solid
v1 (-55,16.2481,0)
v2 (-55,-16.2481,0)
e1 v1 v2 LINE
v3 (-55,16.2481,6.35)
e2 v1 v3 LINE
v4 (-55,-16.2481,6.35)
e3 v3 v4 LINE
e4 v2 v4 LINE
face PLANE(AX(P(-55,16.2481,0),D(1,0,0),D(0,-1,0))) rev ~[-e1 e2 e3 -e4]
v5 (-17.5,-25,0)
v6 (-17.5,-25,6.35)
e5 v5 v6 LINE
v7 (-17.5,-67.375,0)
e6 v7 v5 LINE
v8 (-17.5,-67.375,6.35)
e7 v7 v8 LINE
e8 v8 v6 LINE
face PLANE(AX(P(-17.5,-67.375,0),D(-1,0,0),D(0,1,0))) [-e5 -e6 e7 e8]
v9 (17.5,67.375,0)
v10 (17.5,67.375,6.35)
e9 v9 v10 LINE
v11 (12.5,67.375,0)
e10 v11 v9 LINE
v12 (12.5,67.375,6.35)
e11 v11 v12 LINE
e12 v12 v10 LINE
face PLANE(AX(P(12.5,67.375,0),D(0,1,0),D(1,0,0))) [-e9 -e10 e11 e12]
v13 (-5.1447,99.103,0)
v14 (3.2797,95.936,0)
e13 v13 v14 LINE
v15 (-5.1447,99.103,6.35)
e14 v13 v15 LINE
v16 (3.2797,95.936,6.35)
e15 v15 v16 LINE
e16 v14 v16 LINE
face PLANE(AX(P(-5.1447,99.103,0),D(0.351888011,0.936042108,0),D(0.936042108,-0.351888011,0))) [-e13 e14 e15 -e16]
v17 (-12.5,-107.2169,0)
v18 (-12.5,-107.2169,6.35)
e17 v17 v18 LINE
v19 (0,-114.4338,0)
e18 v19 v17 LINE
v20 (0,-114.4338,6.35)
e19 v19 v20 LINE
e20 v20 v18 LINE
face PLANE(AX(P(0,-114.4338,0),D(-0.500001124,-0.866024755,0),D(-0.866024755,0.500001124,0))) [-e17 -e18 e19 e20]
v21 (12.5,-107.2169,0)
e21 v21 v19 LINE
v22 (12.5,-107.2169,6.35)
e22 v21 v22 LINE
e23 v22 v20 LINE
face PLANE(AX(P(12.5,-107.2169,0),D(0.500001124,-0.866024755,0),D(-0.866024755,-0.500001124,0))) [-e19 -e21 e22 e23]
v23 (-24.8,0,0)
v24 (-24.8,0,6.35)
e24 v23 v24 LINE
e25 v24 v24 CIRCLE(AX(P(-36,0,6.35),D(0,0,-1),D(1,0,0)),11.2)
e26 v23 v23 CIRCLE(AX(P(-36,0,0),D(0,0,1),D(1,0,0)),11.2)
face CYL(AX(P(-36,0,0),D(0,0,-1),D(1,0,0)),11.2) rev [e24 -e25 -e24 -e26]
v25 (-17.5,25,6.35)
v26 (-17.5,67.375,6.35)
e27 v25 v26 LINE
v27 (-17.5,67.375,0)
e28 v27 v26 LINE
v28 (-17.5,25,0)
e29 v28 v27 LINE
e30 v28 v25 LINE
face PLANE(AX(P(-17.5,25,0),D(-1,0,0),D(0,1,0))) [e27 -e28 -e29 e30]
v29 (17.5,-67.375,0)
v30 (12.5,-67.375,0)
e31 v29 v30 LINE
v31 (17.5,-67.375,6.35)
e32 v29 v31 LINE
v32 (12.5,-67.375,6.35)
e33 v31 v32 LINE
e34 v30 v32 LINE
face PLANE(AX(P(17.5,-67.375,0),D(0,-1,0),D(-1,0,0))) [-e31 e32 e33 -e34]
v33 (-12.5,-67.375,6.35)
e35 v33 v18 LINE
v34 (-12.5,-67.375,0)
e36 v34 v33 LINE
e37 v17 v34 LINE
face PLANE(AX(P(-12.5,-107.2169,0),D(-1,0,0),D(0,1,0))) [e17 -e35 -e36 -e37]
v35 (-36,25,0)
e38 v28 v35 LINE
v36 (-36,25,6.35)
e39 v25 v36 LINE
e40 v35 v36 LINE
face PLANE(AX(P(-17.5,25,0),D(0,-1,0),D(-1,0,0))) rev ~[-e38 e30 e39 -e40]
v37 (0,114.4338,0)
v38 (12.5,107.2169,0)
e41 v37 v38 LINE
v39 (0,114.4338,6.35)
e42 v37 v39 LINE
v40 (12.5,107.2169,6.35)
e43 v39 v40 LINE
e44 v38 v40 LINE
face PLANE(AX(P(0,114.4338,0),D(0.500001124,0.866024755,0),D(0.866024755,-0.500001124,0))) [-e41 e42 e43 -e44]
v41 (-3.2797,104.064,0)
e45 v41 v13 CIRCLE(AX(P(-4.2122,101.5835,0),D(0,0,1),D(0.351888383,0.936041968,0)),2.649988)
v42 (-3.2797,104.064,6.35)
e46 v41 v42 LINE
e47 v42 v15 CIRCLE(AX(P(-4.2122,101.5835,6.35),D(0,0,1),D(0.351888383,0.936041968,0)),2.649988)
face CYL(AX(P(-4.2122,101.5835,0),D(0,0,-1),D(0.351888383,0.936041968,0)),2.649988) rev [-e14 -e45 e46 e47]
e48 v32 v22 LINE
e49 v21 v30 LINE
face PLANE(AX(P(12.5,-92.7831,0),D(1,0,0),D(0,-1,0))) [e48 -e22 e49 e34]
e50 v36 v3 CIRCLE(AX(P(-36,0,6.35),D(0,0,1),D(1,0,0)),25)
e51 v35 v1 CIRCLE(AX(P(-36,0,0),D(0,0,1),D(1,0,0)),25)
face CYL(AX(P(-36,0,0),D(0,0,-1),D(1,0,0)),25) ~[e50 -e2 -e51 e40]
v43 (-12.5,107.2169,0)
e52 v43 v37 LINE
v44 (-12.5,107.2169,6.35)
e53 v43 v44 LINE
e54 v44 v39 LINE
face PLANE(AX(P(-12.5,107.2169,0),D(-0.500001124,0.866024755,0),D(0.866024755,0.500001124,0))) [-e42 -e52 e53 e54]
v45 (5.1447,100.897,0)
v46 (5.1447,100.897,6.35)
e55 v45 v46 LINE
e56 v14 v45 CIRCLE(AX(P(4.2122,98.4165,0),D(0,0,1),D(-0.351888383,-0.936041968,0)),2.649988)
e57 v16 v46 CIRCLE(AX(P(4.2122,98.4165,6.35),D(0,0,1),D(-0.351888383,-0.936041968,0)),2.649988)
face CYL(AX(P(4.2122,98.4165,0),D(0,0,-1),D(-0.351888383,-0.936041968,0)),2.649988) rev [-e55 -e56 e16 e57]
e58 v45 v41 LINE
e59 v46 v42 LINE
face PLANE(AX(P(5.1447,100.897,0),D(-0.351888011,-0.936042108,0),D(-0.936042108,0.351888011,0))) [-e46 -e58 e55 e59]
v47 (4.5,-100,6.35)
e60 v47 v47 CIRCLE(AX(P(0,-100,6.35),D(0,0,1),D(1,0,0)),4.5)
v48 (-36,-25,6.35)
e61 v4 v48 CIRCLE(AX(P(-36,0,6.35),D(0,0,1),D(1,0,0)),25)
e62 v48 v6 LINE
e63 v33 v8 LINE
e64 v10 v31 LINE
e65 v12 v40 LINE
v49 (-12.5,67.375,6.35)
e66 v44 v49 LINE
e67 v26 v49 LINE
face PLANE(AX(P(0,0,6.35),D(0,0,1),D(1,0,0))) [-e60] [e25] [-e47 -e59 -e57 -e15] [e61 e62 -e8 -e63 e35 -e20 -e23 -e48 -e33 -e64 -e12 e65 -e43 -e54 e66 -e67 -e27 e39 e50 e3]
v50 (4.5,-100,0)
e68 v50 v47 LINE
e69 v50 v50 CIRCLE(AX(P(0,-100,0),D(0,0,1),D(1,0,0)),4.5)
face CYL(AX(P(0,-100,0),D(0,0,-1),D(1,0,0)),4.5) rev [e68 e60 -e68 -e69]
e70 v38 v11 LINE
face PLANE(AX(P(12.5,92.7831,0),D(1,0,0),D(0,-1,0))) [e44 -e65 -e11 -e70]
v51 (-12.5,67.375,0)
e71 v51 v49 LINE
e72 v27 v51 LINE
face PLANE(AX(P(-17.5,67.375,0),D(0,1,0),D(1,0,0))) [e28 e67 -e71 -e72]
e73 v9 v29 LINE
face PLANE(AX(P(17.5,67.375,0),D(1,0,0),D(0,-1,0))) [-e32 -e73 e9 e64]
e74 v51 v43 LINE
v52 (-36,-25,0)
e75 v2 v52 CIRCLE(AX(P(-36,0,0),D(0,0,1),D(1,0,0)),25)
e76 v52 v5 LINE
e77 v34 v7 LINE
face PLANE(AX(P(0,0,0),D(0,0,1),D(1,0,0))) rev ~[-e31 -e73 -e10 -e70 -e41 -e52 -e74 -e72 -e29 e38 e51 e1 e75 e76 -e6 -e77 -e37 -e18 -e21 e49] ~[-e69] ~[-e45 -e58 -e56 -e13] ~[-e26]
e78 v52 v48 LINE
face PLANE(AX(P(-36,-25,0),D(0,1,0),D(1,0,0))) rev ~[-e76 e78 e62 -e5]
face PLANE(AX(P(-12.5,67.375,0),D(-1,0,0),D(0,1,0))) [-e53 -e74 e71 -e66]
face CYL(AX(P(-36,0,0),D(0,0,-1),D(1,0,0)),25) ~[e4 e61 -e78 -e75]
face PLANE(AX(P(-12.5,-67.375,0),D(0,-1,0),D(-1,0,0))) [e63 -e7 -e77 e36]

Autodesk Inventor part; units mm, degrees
ref_plane "YZ Plane" through (0, 0, 0) normal (1, 0, 0) x (0, 1, 0)
ref_plane "XZ Plane" through (0, 0, 0) normal (0, 1, 0) x (-1, 0, 0)
ref_plane "XY Plane" through (0, 0, 0) normal (0, 0, 1) x (1, 0, 0)
sketch "Sketch1" plane through (0, 0, 0) normal (0, 0, 1) x (1, 0, 0)
  line L0 (12.5, -107.2169) -> (-12.5, -107.2169)
  line L1 (-12.5, -107.2169) -> (-12.5, 107.2169)
  line L2 (-12.5, 107.2169) -> (12.5, 107.2169)
  line L3 (12.5, 107.2169) -> (12.5, -107.2169)
  line L4 (12.5, -107.2169) -> (-12.5, 107.2169) construction
  line L5 (-12.5, -107.2169) -> (12.5, 107.2169) construction
  line L6 (0, 100) -> (0, -100) construction
  line L7 (-12.5, 107.2169) -> (0, 114.4338)
  line L8 (0, 114.4338) -> (12.5, 107.2169)
  line L9 (12.5, 107.2169) -> (12.5, 92.7831)
  line L10 (12.5, 92.7831) -> (0, 85.5662)
  line L11 (0, 85.5662) -> (-12.5, 92.7831)
  line L12 (-12.5, 92.7831) -> (-12.5, 107.2169)
  line L13 (-12.5, -107.2169) -> (-12.5, -92.7831)
  line L14 (-12.5, -92.7831) -> (0, -85.5662)
  line L15 (0, -85.5662) -> (12.5, -92.7831)
  line L16 (12.5, -92.7831) -> (12.5, -107.2169)
  line L17 (12.5, -107.2169) -> (0, -114.4338)
  line L18 (0, -114.4338) -> (-12.5, -107.2169)
  line L19 (-4.2122, 101.5835) -> (4.2122, 98.4165) construction
  line L20 (-5.1447, 99.103) -> (3.2797, 95.936)
  line L21 (5.1447, 100.897) -> (-3.2797, 104.064)
  arc A0 (-3.2797, 104.064) -> (-5.1447, 99.103) centre (-4.2122, 101.5835) ccw
  arc A1 (3.2797, 95.936) -> (5.1447, 100.897) centre (4.2122, 98.4165) ccw
  circle A2 centre (0, -100) radius 4.5
  circle A3 centre (-36, 0) radius 11.2
  circle A4 centre (-36, 0) radius 21 construction
  line L22 (-21, -14.6969) -> (-51, -14.6969) construction
  line L23 (-51, -14.6969) -> (-51, 14.6969) construction
  line L24 (-51, 14.6969) -> (-21, 14.6969) construction
  line L25 (-21, 14.6969) -> (-21, -14.6969) construction
  line L26 (-21, -14.6969) -> (-51, 14.6969) construction
  line L27 (-51, -14.6969) -> (-21, 14.6969) construction
  circle A5 centre (-36, 0) radius 25
  line L28 (-55, 16.2481) -> (-55, -16.2481)
  line L29 (-12.5, 25) -> (-36, 25)
  line L30 (-36, 25) -> (-36, -25)
  line L31 (-36, -25) -> (-12.5, -25)
  line L32 (-12.5, -25) -> (-12.5, 25)
  line L33 (17.5, -67.375) -> (-17.5, -67.375)
  line L34 (-17.5, -67.375) -> (-17.5, 67.375)
  line L35 (-17.5, 67.375) -> (17.5, 67.375)
  line L36 (17.5, 67.375) -> (17.5, -67.375)
  line L37 (17.5, -67.375) -> (-17.5, 67.375) construction
  line L38 (-17.5, -67.375) -> (17.5, 67.375) construction
  point P0 (0, 0)
  point P1 (266, 0)
  point P2 (-17.5, -25)
  point P3 (-12.5, -67.375)
  point P4 (-12.5, 67.375)
  point P5 (-17.5, 25)
  point P6 (-36, 25)
  point P7 (12.5, 67.375)
  point P8 (12.5, -67.375)
  dimension "d8" = 42
  dimension "d0" = 25
  dimension "d1" = 266
  dimension "d2" = 200
  dimension "d3" = 5.3
  dimension "d4" = 9
  dimension "d5" = 9
  dimension "d6" = 22.4
  dimension "d7" = 36
  dimension "d9" = 30
  dimension "d10" = 4
  dimension "d11" = 4
  dimension "d12" = 134.75
  dimension "d13" = 35
extrude "Extrusion1" add sketch "Sketch1" along normal blind 6.35 contours L17 L18 L0 | L0 L1 L14 L15 L3 | L15 L14 L1 L33 L3 | L33 L1 A5 L35 L3 | L3 L35 L36 L33 | L33 L34 L31 L1 | L35 L1 L11 L10 L3 | L31 L34 A5 L1 | L10 L11 L1 L2 L3 | L1 L29 L34 L35 | A5 L34 L1 | L1 A5 | L31 A5 L34 | L2 L7 L8 | L1 A5 L34 L29 | A5 L30 A3 L34 | A5 L28 L30 A3 | L34 A5 L29
sketch "Sketch2" plane through (0, 0, 6.35) normal (0, 0, 1) x (1, 0, 0)
  line L0 (-17.5, -25) -> (-17.5, -67.375) projected
  line L1 (-17.5, -67.375) -> (-12.5, -67.375) projected
  line L2 (-12.5, -67.375) -> (-12.5, -107.2169) projected
  line L3 (-12.5, -107.2169) -> (0, -114.4338) projected
  line L4 (0, -114.4338) -> (12.5, -107.2169) projected
  line L5 (12.5, -107.2169) -> (12.5, -67.375) projected
  line L6 (12.5, -67.375) -> (17.5, -67.375) projected
  line L7 (17.5, -67.375) -> (17.5, 67.375) projected
  line L8 (17.5, 67.375) -> (12.5, 67.375) projected
  line L9 (12.5, 67.375) -> (12.5, 107.2169) projected
  line L10 (12.5, 107.2169) -> (0, 114.4338) projected
  line L11 (0, 114.4338) -> (-12.5, 107.2169) projected
  line L12 (-12.5, 107.2169) -> (-12.5, 67.375) projected
  line L13 (-12.5, 67.375) -> (-17.5, 67.375) projected
  line L14 (-17.5, 67.375) -> (-17.5, 25) projected
  line L15 (-17.5, 25) -> (-36, 25) projected
  arc A0 (-36, 25) -> (-55, 16.2481) centre (-36, 0) ccw projected
  line L16 (-55, 16.2481) -> (-55, -16.2481) projected
  arc A1 (-55, -16.2481) -> (-36, -25) centre (-36, 0) ccw projected
  line L17 (-36, -25) -> (-17.5, -25) projected
  circle A2 centre (-36, 0) radius 11.2 projected
  arc A3 (-3.2797, 104.064) -> (-5.1447, 99.103) centre (-4.2122, 101.5835) ccw projected
  line L18 (-3.2797, 104.064) -> (5.1447, 100.897) projected
  arc A4 (3.2797, 95.936) -> (5.1447, 100.897) centre (4.2122, 98.4165) ccw projected
  line L19 (3.2797, 95.936) -> (-5.1447, 99.103) projected
  circle A5 centre (0, -100) radius 4.5 projected
  circle A6 centre (-13.25, 68.125) radius 1.375
  point P0 (0, 0)
  point P1 (-12.5, 69.2774)
  point P2 (-14.4024, 67.375)
  dimension "d16" = 0.75
  dimension "d17" = 2.75
  dimension "d18" = 0.75
sketch "Sketch3" plane through (0, 0, 6.35) normal (0, 0, 1) x (1, 0, 0)
  circle A0 centre (0, -100) radius 4.5 projected
  arc A1 (-3.2797, 104.064) -> (-5.1447, 99.103) centre (-4.2122, 101.5835) ccw projected
  line L0 (-3.2797, 104.064) -> (5.1447, 100.897) projected
  arc A2 (3.2797, 95.936) -> (5.1447, 100.897) centre (4.2122, 98.4165) ccw projected
  line L1 (3.2797, 95.936) -> (-5.1447, 99.103) projected
  circle A3 centre (-36, 0) radius 11.2 projected
  arc A4 (14.4024, -67.375) -> (12.5, -69.2774) centre (13.25, -68.125) ccw projected
  line L2 (14.4024, -67.375) -> (17.5, -67.375) projected
  line L3 (17.5, -67.375) -> (17.5, 67.375) projected
  line L4 (17.5, 67.375) -> (14.4024, 67.375) projected
  arc A5 (12.5, 69.2774) -> (14.4024, 67.375) centre (13.25, 68.125) ccw projected
  line L5 (12.5, 69.2774) -> (12.5, 107.2169) projected
  line L6 (12.5, 107.2169) -> (0, 114.4338) projected
  line L7 (0, 114.4338) -> (-12.5, 107.2169) projected
  line L8 (-12.5, 107.2169) -> (-12.5, 69.2774) projected
  arc A6 (-14.4024, 67.375) -> (-12.5, 69.2774) centre (-13.25, 68.125) ccw projected
  line L9 (-14.4024, 67.375) -> (-17.5, 67.375) projected
  line L10 (-17.5, 67.375) -> (-17.5, 25) projected
  line L11 (-17.5, 25) -> (-36, 25) projected
  arc A7 (-36, 25) -> (-55, 16.2481) centre (-36, 0) ccw projected
  line L12 (-55, 16.2481) -> (-55, -16.2481) projected
  arc A8 (-55, -16.2481) -> (-36, -25) centre (-36, 0) ccw projected
  line L13 (-36, -25) -> (-17.5, -25) projected
  line L14 (-17.5, -25) -> (-17.5, -67.375) projected
  line L15 (-17.5, -67.375) -> (-14.4024, -67.375) projected
  arc A9 (-12.5, -69.2774) -> (-14.4024, -67.375) centre (-13.25, -68.125) ccw projected
  line L16 (-12.5, -69.2774) -> (-12.5, -107.2169) projected
  line L17 (-12.5, -107.2169) -> (0, -114.4338) projected
  line L18 (0, -114.4338) -> (12.5, -107.2169) projected
  line L19 (12.5, -107.2169) -> (12.5, -69.2774) projected
  circle A10 centre (-36, 0) radius 16 construction
  line L20 (-36, 0) -> (-24.6863, 11.3137) construction
  line L21 (-36, 0) -> (-36, 16) construction
  line L22 (-36, 0) -> (-36, -16) construction
  line L23 (-47.3137, -11.3137) -> (-24.6863, -11.3137) construction
  line L24 (-24.6863, -11.3137) -> (-24.6863, 11.3137) construction
  line L25 (-24.6863, 11.3137) -> (-47.3137, 11.3137) construction
  line L26 (-47.3137, 11.3137) -> (-47.3137, -11.3137) construction
  line L27 (-47.3137, -11.3137) -> (-24.6863, 11.3137) construction
  line L28 (-24.6863, -11.3137) -> (-47.3137, 11.3137) construction
  point P0 (0, 0)
  dimension "d21" = 32
  dimension "d22" = 45
sketch "Sketch4" plane through (0, 0, 6.35) normal (0, 0, 1) x (1, 0, 0)
  line L0 (10, -57.375) -> (-10, -57.375) construction
  line L1 (-10, -57.375) -> (-10, 57.375) construction
  line L2 (-10, 57.375) -> (10, 57.375) construction
  line L3 (10, 57.375) -> (10, -57.375) construction
  line L4 (10, -57.375) -> (-10, 57.375) construction
  line L5 (-10, -57.375) -> (10, 57.375) construction
  line L6 (-17.5, -67.375) -> (-14.4024, -67.375) construction
  point P0 (0, 0)
  point P1 (-10, 0)
  point P2 (10, 0)
  dimension "d30" = 20
  dimension "d32" = 10
equation "\"d11\" = d10"
equation "\"d18\" = d16"
properties part number "Z-Axis Nut and Bed Plate" material "Aluminum 6061"
